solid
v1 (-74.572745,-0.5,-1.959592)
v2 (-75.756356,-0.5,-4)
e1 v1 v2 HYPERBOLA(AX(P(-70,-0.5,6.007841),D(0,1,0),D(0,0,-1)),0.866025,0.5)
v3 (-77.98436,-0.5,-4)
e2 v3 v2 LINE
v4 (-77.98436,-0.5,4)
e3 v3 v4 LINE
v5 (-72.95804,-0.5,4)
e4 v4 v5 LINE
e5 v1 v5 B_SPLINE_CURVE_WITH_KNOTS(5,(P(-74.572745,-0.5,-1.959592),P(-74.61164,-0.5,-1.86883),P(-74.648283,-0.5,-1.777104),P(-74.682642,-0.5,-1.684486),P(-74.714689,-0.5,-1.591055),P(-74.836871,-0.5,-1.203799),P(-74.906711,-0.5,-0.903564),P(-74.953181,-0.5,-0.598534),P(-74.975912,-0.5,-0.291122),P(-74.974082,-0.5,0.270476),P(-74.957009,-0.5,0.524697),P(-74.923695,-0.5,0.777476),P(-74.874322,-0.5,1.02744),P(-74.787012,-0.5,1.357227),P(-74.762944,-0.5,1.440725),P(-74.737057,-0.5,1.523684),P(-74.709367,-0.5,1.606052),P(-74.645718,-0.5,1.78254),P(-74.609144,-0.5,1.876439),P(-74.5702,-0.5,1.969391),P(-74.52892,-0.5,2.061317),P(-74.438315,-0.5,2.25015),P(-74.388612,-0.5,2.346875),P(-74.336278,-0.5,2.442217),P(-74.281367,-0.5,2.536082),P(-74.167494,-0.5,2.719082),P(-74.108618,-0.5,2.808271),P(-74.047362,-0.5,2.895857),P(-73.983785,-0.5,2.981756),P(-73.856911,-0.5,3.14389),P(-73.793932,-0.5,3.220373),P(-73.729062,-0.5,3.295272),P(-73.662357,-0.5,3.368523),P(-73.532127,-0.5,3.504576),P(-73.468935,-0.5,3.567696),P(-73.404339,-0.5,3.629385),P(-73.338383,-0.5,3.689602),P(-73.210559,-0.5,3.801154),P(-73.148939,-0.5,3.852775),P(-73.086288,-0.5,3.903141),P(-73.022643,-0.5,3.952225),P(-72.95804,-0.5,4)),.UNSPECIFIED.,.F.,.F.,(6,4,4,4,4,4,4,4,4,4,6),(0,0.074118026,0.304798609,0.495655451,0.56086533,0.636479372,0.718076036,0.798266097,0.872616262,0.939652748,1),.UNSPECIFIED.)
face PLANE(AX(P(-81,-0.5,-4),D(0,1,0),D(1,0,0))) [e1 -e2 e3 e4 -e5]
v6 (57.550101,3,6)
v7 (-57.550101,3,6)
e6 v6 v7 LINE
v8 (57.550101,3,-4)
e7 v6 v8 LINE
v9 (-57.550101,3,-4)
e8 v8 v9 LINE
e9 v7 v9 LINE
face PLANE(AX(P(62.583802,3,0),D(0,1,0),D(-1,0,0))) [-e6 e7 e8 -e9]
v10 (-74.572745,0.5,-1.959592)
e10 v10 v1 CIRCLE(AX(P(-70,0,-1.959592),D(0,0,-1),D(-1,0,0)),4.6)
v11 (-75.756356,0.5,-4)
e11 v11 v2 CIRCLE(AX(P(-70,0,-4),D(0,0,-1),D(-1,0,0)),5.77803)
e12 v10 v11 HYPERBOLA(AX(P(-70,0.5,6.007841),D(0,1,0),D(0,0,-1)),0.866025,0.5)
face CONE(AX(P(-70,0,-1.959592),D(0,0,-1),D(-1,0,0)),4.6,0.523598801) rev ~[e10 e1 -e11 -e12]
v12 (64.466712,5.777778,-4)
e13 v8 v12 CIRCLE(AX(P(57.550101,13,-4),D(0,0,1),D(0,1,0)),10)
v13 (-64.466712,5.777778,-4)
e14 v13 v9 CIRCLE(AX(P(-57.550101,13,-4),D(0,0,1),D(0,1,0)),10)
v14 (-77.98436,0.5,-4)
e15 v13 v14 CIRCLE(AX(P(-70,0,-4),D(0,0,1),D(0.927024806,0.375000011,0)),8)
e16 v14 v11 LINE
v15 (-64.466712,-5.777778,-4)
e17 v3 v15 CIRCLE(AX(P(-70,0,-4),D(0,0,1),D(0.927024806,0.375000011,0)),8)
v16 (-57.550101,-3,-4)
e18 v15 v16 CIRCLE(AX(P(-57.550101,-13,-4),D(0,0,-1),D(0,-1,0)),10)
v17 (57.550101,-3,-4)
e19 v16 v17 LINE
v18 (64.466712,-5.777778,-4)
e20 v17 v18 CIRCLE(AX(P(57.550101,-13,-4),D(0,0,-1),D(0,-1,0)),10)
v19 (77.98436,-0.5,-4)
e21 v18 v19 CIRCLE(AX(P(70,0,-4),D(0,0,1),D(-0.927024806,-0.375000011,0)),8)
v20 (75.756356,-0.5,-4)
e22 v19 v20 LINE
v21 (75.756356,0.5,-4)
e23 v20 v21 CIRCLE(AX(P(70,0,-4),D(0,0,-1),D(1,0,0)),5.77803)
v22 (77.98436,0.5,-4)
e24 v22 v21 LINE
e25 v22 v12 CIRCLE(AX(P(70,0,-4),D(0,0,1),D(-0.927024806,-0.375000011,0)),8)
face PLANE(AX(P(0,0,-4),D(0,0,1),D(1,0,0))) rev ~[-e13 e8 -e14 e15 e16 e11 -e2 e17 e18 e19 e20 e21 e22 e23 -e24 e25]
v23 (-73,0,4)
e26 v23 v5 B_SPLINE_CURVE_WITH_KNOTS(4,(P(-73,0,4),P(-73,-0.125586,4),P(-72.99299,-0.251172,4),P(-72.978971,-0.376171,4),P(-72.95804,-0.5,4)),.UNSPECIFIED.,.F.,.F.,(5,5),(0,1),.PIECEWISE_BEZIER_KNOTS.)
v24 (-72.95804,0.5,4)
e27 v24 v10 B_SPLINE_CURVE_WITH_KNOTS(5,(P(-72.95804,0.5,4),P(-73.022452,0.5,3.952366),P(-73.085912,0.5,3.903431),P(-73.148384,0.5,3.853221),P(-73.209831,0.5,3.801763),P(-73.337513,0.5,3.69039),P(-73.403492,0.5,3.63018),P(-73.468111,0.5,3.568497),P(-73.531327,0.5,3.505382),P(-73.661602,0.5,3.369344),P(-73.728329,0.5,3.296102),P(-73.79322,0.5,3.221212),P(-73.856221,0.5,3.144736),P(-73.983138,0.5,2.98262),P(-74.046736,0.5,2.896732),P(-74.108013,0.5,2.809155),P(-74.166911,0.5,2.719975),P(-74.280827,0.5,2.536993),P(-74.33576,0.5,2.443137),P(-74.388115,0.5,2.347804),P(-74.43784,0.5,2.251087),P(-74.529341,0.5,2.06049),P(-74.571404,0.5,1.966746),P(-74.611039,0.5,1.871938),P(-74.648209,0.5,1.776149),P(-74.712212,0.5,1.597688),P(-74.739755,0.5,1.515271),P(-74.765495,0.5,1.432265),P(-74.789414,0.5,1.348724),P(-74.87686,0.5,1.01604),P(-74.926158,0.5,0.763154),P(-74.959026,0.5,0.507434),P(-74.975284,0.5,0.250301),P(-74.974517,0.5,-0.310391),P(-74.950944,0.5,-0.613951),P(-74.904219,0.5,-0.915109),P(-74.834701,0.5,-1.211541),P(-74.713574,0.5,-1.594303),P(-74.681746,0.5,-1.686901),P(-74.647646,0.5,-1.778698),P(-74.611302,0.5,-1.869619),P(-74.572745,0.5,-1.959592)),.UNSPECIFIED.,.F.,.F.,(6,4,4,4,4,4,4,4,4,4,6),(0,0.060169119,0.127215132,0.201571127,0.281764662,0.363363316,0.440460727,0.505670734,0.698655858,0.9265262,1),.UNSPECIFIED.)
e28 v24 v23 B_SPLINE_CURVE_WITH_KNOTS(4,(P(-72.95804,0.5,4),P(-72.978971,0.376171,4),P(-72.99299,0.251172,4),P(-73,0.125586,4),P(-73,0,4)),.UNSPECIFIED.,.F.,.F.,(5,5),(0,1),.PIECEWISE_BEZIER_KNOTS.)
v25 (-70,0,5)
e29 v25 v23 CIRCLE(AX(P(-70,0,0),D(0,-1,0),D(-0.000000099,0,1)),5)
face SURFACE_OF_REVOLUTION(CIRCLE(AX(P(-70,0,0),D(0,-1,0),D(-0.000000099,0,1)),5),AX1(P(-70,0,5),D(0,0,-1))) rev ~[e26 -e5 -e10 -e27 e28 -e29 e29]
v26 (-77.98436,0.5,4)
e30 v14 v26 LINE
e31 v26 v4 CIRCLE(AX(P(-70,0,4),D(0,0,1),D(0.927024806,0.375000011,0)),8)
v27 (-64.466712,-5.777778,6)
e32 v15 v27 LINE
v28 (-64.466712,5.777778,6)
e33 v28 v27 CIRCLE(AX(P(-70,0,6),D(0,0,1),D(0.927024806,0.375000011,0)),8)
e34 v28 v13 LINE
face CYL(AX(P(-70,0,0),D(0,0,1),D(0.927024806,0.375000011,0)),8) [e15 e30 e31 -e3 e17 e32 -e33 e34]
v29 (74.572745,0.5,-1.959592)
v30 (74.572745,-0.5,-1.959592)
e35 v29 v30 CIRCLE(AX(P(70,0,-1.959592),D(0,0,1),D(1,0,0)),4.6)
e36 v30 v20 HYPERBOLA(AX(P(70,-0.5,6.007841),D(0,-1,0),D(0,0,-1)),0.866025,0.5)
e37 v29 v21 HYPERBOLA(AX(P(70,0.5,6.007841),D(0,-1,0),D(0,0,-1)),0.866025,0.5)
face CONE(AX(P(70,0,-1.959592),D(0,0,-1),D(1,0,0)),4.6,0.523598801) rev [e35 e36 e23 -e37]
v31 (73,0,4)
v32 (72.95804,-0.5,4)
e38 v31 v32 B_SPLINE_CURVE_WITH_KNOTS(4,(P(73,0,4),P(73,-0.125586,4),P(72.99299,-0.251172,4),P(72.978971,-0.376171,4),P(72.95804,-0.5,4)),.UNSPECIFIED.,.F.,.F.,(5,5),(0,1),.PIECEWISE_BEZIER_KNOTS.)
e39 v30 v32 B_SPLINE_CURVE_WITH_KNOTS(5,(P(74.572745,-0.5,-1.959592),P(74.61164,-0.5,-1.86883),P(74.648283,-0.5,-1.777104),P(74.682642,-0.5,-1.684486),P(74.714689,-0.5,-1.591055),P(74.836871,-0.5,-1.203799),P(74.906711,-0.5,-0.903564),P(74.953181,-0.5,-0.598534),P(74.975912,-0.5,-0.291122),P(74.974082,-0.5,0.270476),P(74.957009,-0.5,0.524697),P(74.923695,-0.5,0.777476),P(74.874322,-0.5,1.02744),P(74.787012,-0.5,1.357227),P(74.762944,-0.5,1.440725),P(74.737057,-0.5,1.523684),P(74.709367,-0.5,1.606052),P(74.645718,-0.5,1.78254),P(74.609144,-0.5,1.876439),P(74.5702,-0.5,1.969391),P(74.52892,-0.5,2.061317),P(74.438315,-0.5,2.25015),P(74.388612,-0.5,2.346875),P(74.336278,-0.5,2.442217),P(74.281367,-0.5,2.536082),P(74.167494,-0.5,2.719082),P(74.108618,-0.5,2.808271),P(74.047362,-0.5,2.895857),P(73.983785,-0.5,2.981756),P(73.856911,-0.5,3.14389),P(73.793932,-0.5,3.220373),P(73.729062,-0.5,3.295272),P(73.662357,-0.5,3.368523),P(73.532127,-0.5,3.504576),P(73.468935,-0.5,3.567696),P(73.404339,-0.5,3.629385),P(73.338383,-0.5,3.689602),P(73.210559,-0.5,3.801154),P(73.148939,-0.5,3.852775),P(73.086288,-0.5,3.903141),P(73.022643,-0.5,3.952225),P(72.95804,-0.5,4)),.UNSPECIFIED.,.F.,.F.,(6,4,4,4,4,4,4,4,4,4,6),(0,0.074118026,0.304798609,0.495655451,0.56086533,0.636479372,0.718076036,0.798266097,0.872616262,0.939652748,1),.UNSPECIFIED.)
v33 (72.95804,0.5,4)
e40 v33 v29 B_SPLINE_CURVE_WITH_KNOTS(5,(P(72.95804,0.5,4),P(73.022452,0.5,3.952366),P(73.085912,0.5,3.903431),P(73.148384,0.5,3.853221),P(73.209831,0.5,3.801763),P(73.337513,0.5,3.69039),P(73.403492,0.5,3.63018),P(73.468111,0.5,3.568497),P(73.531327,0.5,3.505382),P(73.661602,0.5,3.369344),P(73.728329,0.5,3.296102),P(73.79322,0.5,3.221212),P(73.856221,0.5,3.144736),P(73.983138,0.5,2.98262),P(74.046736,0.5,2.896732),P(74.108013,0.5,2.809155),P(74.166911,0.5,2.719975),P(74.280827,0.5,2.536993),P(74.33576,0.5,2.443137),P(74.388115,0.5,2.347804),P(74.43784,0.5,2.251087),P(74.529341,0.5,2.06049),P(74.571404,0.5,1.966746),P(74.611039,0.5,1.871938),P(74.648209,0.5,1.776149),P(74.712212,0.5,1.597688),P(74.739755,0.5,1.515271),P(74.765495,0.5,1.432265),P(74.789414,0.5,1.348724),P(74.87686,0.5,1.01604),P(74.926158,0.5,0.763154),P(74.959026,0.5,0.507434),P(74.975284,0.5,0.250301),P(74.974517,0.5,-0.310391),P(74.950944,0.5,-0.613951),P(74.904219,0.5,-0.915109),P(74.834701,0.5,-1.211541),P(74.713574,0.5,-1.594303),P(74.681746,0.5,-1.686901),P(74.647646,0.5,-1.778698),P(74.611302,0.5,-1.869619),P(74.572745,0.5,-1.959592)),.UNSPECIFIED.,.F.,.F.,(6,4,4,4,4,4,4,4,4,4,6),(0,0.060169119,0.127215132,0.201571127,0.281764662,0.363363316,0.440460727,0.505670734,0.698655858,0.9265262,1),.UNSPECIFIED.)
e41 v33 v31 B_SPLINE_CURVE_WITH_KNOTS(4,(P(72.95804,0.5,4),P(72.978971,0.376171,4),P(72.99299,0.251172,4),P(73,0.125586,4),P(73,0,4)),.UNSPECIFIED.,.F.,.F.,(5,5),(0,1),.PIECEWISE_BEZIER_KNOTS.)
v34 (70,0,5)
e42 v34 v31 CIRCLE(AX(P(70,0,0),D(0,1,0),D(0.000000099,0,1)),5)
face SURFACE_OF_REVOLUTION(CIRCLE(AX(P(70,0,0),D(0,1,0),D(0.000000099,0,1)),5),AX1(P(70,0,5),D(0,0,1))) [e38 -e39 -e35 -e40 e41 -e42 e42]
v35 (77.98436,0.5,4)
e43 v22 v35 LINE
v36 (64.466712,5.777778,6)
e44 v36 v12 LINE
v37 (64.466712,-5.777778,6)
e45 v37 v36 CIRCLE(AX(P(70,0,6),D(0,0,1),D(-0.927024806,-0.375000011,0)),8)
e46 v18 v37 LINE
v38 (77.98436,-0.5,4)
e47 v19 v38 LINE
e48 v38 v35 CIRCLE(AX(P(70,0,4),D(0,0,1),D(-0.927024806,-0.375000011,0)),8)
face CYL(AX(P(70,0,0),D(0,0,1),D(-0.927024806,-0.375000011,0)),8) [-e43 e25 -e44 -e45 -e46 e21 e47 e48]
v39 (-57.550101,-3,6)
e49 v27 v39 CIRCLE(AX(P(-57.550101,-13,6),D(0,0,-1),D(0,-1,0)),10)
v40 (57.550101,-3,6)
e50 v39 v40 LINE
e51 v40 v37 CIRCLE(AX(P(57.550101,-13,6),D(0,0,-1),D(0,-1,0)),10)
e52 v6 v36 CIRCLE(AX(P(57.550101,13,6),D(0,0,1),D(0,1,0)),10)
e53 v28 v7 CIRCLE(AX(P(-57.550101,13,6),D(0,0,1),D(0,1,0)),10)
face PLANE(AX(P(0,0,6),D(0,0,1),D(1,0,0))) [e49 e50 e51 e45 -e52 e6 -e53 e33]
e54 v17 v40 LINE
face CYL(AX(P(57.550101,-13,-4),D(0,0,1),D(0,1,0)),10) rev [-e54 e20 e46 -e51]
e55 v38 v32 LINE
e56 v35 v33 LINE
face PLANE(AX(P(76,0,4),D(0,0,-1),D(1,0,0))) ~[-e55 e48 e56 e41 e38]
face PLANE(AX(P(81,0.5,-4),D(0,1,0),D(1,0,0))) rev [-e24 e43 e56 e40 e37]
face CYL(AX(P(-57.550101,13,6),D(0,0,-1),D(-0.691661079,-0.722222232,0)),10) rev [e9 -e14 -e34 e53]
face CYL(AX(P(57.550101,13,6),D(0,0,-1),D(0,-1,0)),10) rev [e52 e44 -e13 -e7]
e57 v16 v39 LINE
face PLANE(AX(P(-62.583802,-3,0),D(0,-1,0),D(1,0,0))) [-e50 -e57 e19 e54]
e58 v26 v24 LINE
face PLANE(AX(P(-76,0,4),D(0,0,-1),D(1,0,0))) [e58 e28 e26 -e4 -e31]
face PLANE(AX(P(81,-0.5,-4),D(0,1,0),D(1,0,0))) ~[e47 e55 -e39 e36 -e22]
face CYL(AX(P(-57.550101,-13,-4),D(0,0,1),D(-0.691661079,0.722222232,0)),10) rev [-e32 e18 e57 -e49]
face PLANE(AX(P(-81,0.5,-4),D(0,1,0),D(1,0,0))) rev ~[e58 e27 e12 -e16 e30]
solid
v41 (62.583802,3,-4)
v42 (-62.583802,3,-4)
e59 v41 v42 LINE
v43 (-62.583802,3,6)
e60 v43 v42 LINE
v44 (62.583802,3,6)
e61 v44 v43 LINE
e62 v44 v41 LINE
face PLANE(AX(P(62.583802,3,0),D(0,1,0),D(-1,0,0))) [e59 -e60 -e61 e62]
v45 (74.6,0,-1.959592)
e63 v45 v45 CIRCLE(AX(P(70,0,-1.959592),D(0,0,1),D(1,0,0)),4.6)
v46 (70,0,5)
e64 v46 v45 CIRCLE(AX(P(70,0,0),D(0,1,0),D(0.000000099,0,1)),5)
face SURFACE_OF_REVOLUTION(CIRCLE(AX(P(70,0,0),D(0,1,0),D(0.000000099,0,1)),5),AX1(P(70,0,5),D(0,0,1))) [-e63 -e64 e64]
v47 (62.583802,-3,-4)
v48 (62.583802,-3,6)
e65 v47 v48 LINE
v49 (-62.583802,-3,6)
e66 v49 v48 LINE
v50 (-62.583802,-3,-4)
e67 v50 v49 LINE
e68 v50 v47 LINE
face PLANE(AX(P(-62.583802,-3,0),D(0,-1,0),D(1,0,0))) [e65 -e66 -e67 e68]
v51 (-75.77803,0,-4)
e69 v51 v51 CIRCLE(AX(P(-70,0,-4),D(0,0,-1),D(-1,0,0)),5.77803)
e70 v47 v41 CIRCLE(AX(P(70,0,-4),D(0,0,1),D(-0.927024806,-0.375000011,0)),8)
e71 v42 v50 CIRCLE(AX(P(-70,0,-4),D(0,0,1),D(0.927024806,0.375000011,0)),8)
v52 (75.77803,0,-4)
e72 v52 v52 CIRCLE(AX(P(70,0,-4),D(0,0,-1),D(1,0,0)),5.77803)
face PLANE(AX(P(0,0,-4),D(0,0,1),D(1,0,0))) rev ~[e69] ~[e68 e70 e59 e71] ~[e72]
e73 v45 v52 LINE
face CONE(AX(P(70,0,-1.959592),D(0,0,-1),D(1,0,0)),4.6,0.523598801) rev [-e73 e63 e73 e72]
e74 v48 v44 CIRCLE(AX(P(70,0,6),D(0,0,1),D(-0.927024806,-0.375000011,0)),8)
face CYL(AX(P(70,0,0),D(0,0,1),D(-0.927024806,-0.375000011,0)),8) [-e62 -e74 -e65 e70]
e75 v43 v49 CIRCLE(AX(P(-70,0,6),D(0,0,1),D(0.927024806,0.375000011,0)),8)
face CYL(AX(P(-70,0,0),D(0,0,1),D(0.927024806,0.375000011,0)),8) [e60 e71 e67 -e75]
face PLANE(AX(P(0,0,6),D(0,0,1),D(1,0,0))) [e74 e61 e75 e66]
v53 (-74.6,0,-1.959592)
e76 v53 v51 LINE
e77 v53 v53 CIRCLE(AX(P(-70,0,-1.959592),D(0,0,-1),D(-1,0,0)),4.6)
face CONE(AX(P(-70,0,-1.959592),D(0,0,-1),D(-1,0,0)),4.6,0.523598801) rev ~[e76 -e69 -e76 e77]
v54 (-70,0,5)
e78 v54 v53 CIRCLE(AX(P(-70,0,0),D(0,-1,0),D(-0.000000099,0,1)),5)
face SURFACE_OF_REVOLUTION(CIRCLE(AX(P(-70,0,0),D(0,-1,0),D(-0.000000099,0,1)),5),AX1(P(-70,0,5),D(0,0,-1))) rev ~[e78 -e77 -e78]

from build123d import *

# Parameters (mm, degrees)
PAD_DEPTH         = 6
PAD_DEPTH_BACK    = 4
PAD001_DEPTH      = 6
PAD001_DEPTH_BACK = 4
SKETCH005_W       = 10
SKETCH005_H       = 1
POCKET_DEPTH      = 8
FILLET_R          = 10


with BuildPart() as link_skel:
    # Sketch → Pad (new body, two sides)
    with BuildSketch(Plane.XY) as pad_sk:
        with BuildLine():
            ThreePointArc((-62.583802, 3), (-78, 0), (-62.583802, -3))
            Line((-62.583802, -3), (62.583802, -3))
            ThreePointArc((62.583802, -3), (78, 0), (62.583802, 3))
            Line((62.583802, 3), (-62.583802, 3))
        make_face()
    extrude(amount=PAD_DEPTH)
    extrude(pad_sk.sketch, amount=-PAD_DEPTH_BACK)

    # Sketch001 → Groove (revolve, cut)
    with BuildSketch(Plane.XZ):
        with BuildLine():
            ThreePointArc((-70, 5), (-74.171208, 2.756995), (-74.6, -1.959592))
            Line((-74.6, -1.959592), (-79.242132, -10))
            Line((-79.242132, -10), (-70, -10))
            Line((-70, 5), (-70, -10))
        make_face()
    groove = revolve(axis=Axis((-70, 0, 5), (0, 0, -1)), mode=Mode.SUBTRACT)

    # Mirrored: Groove across Sketch001 V_Axis
    add(groove.mirror(Plane(origin=(0, 0, 0), x_dir=(0, -1, 0), z_dir=(1, 0, 0))), mode=Mode.SUBTRACT)


with BuildPart() as link0:
    # Sketch003 → Pad001 (new body, two sides)
    with BuildSketch(Plane.XY) as pad001_sk:
        with BuildLine():
            ThreePointArc((-62.583802, 3), (-78, 0), (-62.583802, -3))
            Line((-62.583802, -3), (62.583802, -3))
            ThreePointArc((62.583802, -3), (78, 0), (62.583802, 3))
            Line((62.583802, 3), (-62.583802, 3))
        make_face()
    extrude(amount=PAD001_DEPTH)
    extrude(pad001_sk.sketch, amount=-PAD001_DEPTH_BACK)

    # Sketch004 → Groove001 (revolve, cut)
    with BuildSketch(Plane.XZ):
        with BuildLine():
            ThreePointArc((-70, 5), (-74.171208, 2.756995), (-74.6, -1.959592))
            Line((-74.6, -1.959592), (-79.242132, -10))
            Line((-79.242132, -10), (-70, -10))
            Line((-70, 5), (-70, -10))
        make_face()
    groove001 = revolve(axis=Axis((-70, 0, 5), (0, 0, -1)), mode=Mode.SUBTRACT)

    # Sketch005 (on Face4 of Groove001) → Pocket (cut)
    with BuildSketch(Plane(origin=(0, 0, -4), x_dir=(1, 0, 0), z_dir=(0, 0, -1))):
        with Locations((-76, 0)):
            Rectangle(SKETCH005_W, SKETCH005_H)
    pocket = extrude(amount=-POCKET_DEPTH, mode=Mode.SUBTRACT)

    # Mirrored001: Pocket, Groove001 across Sketch005 V_Axis
    add(pocket.mirror(Plane(origin=(0, 0, -4), x_dir=(0, 0, -1), z_dir=(1, 0, 0))), mode=Mode.SUBTRACT)
    add(groove001.mirror(Plane(origin=(0, 0, -4), x_dir=(0, 0, -1), z_dir=(1, 0, 0))), mode=Mode.SUBTRACT)

    # Fillet
    fillet_edges = [link0.edges().sort_by_distance(p)[0] for p in [
        (-62.583802, -3, 1),
        (-62.583802, 3, 1),
        (62.583802, 3, 1),
        (62.583802, -3, 1),
    ]]
    fillet(fillet_edges, radius=FILLET_R)


solid = Compound([link_skel.part, link0.part])
